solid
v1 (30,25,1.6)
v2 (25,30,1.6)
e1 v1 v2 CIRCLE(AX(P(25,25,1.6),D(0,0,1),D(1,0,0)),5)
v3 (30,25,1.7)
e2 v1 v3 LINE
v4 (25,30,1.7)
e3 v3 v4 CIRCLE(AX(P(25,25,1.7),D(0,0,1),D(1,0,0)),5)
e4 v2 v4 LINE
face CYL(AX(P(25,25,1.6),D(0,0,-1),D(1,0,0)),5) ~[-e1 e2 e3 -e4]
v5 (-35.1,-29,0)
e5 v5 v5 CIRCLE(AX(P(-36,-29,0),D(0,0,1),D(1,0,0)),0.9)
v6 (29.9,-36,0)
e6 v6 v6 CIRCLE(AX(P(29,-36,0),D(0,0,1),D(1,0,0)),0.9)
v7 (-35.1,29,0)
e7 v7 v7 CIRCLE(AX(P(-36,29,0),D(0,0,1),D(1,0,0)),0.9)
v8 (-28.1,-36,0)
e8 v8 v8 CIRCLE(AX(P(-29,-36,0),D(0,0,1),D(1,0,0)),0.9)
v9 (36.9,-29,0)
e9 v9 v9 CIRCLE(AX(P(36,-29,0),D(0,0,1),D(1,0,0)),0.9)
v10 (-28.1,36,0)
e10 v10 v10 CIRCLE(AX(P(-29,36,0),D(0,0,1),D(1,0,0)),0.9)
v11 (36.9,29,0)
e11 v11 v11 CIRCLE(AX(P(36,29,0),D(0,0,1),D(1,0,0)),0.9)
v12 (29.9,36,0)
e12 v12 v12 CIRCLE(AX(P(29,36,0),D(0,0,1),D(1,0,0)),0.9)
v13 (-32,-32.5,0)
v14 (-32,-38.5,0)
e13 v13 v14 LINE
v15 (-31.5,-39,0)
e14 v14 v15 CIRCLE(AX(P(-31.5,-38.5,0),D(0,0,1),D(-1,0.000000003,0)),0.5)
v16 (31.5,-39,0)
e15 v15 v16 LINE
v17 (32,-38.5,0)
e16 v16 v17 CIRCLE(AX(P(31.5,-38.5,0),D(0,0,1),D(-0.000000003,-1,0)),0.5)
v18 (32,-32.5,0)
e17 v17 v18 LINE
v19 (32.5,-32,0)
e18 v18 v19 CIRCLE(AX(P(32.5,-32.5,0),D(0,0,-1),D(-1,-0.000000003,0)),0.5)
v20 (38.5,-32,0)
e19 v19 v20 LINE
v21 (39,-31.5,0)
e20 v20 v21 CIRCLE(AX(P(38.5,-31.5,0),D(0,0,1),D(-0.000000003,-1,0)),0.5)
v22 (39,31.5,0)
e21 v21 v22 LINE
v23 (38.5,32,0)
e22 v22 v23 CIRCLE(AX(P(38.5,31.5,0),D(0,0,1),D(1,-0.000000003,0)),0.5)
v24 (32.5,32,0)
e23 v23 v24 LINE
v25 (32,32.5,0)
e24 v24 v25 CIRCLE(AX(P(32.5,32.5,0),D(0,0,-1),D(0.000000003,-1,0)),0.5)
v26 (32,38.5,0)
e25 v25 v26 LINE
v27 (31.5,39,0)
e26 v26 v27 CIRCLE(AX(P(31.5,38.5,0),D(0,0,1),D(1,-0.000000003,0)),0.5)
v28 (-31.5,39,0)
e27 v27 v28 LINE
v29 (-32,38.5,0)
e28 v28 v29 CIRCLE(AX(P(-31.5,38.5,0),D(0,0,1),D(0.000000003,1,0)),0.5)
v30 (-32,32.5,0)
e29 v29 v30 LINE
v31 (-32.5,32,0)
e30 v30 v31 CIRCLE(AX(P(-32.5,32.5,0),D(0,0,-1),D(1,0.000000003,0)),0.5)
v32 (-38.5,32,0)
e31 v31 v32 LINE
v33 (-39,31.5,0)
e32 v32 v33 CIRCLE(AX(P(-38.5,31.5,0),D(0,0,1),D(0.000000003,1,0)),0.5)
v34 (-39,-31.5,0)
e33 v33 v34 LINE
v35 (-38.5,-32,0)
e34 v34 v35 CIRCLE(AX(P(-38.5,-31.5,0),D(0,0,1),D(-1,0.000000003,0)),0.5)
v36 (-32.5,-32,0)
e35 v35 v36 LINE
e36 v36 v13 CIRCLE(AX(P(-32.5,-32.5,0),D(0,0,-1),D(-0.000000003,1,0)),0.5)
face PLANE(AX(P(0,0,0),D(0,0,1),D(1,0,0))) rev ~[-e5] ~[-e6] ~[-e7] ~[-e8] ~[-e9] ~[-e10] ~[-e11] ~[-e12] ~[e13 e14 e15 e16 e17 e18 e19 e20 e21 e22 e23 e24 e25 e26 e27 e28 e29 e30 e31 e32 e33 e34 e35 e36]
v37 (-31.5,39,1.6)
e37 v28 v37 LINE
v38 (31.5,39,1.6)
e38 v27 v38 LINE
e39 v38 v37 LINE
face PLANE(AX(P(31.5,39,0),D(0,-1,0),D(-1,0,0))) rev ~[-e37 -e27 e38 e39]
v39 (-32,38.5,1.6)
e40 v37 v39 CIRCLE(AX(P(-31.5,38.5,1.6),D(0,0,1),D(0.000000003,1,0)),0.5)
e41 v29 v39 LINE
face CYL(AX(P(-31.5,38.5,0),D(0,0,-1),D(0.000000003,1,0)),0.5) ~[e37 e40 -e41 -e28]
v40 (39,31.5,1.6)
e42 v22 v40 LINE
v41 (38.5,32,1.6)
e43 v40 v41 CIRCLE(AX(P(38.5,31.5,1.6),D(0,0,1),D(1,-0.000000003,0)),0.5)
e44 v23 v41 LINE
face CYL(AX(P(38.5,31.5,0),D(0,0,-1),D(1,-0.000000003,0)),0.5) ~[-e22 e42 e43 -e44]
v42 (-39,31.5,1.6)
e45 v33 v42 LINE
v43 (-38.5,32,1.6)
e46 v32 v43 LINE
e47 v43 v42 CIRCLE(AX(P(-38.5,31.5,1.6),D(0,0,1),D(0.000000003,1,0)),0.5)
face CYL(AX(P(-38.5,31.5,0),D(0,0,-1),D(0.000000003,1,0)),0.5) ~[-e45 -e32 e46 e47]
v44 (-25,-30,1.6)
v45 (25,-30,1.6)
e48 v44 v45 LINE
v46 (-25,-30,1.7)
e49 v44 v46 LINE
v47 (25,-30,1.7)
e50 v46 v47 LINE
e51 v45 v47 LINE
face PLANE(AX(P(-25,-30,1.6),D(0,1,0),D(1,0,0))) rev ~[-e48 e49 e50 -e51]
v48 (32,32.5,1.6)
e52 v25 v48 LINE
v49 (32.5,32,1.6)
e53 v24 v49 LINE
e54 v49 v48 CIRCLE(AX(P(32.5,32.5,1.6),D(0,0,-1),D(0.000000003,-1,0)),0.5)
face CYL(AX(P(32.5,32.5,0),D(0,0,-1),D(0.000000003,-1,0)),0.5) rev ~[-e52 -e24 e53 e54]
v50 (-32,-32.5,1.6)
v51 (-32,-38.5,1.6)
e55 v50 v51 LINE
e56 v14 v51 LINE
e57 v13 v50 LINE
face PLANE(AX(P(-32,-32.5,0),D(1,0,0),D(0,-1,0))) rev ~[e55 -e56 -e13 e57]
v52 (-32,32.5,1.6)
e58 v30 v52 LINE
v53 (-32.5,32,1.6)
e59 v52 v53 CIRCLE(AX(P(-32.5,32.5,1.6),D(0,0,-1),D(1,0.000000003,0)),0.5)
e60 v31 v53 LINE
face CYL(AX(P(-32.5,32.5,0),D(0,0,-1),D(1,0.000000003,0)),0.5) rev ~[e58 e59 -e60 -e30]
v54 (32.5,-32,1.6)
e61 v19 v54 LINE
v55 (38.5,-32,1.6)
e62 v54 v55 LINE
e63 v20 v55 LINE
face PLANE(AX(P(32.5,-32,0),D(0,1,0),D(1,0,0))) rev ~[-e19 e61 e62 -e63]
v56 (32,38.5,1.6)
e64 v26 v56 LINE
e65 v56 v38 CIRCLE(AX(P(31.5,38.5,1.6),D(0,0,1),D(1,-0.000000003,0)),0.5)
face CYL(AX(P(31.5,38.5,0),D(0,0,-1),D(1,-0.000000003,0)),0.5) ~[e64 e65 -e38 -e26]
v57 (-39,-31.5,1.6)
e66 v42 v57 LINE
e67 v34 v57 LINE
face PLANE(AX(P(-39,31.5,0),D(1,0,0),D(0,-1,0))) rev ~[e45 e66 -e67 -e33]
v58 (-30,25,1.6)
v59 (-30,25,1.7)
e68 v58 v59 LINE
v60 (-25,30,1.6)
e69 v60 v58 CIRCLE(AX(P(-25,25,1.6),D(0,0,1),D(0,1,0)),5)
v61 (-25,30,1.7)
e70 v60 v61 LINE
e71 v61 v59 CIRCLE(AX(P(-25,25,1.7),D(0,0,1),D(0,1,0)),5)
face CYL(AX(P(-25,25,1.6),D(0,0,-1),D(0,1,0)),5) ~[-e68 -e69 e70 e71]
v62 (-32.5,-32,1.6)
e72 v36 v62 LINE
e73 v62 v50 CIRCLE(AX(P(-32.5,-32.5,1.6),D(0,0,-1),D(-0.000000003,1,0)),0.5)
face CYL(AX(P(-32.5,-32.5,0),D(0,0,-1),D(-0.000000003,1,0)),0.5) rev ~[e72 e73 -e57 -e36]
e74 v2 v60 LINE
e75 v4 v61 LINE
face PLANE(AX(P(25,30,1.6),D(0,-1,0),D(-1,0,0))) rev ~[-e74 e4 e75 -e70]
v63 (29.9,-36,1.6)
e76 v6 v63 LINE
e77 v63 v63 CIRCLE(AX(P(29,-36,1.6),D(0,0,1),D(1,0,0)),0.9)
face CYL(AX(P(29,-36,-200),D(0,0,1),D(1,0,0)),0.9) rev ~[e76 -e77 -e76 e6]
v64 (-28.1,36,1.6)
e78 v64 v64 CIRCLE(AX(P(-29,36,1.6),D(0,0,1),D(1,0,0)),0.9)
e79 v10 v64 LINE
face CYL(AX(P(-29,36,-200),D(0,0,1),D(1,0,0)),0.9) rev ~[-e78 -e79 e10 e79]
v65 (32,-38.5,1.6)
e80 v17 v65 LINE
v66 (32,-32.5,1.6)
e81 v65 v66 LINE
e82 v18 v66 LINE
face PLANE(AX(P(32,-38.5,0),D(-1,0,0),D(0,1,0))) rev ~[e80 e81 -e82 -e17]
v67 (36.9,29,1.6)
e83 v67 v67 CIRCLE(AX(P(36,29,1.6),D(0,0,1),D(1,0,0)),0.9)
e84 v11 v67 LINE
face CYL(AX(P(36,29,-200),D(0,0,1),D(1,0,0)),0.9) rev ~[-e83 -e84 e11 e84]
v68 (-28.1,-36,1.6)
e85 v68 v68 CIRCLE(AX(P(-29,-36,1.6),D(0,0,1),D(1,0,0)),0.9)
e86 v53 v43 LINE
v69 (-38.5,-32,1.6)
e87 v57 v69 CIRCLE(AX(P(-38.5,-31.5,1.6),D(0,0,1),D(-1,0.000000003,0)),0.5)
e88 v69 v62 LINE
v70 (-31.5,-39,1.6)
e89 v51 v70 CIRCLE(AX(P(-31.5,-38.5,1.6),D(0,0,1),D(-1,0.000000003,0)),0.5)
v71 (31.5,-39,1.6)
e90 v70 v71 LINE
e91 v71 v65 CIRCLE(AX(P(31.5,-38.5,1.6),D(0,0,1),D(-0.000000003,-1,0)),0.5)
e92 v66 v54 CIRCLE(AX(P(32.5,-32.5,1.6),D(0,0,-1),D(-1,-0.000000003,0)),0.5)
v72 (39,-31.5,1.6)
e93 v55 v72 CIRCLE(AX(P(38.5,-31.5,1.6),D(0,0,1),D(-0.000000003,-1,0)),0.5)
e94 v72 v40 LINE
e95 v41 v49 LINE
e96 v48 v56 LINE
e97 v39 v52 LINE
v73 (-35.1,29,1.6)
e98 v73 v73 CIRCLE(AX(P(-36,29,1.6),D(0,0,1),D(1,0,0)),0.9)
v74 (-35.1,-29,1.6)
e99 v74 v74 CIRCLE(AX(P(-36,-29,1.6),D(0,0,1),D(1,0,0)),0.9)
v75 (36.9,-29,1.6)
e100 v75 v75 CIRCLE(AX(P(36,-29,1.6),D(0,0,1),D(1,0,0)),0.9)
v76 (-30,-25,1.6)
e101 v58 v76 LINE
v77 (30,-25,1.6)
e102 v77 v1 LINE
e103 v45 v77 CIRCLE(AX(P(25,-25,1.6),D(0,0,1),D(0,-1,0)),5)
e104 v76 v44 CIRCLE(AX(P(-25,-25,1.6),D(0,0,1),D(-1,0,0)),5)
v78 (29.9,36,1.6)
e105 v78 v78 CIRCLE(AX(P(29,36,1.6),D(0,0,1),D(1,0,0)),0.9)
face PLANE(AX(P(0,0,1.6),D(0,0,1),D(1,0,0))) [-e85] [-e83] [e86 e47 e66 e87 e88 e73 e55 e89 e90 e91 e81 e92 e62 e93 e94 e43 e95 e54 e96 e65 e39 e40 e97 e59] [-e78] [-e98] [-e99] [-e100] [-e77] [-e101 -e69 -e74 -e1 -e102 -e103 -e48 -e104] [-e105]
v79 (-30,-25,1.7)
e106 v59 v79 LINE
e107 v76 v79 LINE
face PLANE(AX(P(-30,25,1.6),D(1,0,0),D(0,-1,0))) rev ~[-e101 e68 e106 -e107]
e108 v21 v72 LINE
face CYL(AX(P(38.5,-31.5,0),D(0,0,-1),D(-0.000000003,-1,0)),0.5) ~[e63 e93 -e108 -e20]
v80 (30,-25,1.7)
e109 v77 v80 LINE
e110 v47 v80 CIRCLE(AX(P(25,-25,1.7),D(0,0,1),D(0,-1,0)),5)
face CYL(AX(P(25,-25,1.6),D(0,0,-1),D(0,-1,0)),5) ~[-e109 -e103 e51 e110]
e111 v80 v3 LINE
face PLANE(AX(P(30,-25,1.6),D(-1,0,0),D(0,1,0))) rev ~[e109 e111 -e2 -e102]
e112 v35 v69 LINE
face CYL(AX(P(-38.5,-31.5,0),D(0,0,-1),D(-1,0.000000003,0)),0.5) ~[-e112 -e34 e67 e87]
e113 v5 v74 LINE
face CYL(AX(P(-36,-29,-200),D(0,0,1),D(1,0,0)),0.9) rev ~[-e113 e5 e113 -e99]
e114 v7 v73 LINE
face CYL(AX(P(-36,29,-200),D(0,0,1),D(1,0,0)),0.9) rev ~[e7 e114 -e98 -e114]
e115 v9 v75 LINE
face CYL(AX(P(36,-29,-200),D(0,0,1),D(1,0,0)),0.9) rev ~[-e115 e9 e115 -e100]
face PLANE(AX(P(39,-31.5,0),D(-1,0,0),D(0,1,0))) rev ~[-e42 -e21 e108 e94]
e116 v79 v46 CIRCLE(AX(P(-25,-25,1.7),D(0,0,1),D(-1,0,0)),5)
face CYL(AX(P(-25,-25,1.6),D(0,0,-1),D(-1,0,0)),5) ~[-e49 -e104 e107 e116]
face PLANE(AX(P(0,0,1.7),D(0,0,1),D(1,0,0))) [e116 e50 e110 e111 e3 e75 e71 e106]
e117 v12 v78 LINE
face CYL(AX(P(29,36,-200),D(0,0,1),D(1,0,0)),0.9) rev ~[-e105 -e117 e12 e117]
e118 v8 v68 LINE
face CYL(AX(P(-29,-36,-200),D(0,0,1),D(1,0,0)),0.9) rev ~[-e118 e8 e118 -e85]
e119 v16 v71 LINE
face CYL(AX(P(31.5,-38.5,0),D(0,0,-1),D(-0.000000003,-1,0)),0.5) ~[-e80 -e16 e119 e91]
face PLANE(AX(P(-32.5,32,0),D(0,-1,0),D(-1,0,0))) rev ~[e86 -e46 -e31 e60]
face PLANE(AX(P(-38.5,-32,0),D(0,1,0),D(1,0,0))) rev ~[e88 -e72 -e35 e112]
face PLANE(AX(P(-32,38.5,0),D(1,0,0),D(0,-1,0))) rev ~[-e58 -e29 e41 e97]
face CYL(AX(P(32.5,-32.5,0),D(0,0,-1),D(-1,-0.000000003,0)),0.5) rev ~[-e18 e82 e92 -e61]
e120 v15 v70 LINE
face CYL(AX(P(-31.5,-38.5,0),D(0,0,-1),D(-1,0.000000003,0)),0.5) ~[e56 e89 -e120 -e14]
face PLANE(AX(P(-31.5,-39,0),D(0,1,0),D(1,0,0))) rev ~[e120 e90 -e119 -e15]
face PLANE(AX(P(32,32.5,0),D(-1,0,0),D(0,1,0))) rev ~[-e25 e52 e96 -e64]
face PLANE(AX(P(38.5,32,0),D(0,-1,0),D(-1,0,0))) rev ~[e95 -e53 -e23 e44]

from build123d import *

# Parameters (mm, degrees)
BOSS_EXTRUDE1_DEPTH              = 1.6
BOSS_EXTRUDE2_DEPTH              = 0.1
M1_6_HOLE1_FIXINGSTRUCTURE_D     = 1.8
M1_6_HOLE1_FIXINGSTRUCTURE_DEPTH = 200
M1_6_HOLE1_FIXINGSTRUCTURE_TIP   = 0.540774557


with BuildPart() as part:
    # Sketch1 → Boss-Extrude1 (new body)
    with BuildSketch(Plane.XY):
        with BuildLine():
            Line((-32, 38.5), (-32, 32.5))
            ThreePointArc((-32, 32.5), (-32.146446609, 32.146446609), (-32.5, 32))
            Line((-32.5, 32), (-38.5, 32))
            ThreePointArc((-38.5, 32), (-38.853553391, 31.853553391), (-39, 31.5))
            Line((-39, 31.5), (-39, -31.5))
            ThreePointArc((-39, -31.5), (-38.853553391, -31.853553391), (-38.5, -32))
            Line((-38.5, -32), (-32.5, -32))
            ThreePointArc((-32.5, -32), (-32.146446609, -32.146446609), (-32, -32.5))
            Line((-32, -32.5), (-32, -38.5))
            ThreePointArc((-32, -38.5), (-31.853553391, -38.853553391), (-31.5, -39))
            Line((-31.5, -39), (31.5, -39))
            ThreePointArc((31.5, -39), (31.853553391, -38.853553391), (32, -38.5))
            Line((32, -38.5), (32, -32.5))
            ThreePointArc((32, -32.5), (32.146446609, -32.146446609), (32.5, -32))
            Line((32.5, -32), (38.5, -32))
            ThreePointArc((38.5, -32), (38.853553391, -31.853553391), (39, -31.5))
            Line((39, -31.5), (39, 31.5))
            ThreePointArc((39, 31.5), (38.853553391, 31.853553391), (38.5, 32))
            Line((38.5, 32), (32.5, 32))
            ThreePointArc((32.5, 32), (32.146446609, 32.146446609), (32, 32.5))
            Line((32, 32.5), (32, 38.5))
            ThreePointArc((32, 38.5), (31.853553391, 38.853553391), (31.5, 39))
            Line((31.5, 39), (-31.5, 39))
            ThreePointArc((-31.5, 39), (-31.853553391, 38.853553391), (-32, 38.5))
        make_face()
    extrude(amount=BOSS_EXTRUDE1_DEPTH)

    # Esboço1 → Boss-Extrude2 (add)
    with BuildSketch(Plane.XY.offset(1.6)):
        with BuildLine():
            Line((-25, -30), (25, -30))
            ThreePointArc((25, -30), (28.535533906, -28.535533906), (30, -25))
            Line((30, -25), (30, 25))
            ThreePointArc((30, 25), (28.535533906, 28.535533906), (25, 30))
            Line((25, 30), (-25, 30))
            ThreePointArc((-25, 30), (-28.535533906, 28.535533906), (-30, 25))
            Line((-30, 25), (-30, -25))
            ThreePointArc((-30, -25), (-28.535533906, -28.535533906), (-25, -30))
        make_face()
    extrude(amount=BOSS_EXTRUDE2_DEPTH)

    # M1.6 Hole1-FixingStructure
    with Locations(Plane(origin=(0, 0, 0), x_dir=(-1, 0, 0), z_dir=(0, 0, -1))):
        with Locations((-29, 36), (29, 36), (-29, -36), (29, -36), (36, 29), (36, -29), (-36, -29), (-36, 29)):
            Hole(M1_6_HOLE1_FIXINGSTRUCTURE_D / 2, depth=M1_6_HOLE1_FIXINGSTRUCTURE_DEPTH)
            with Locations((0, 0, -(M1_6_HOLE1_FIXINGSTRUCTURE_DEPTH + M1_6_HOLE1_FIXINGSTRUCTURE_TIP / 2))):  # 118° drill point
                Cone(0, M1_6_HOLE1_FIXINGSTRUCTURE_D / 2, M1_6_HOLE1_FIXINGSTRUCTURE_TIP, mode=Mode.SUBTRACT)


solid = part.part
